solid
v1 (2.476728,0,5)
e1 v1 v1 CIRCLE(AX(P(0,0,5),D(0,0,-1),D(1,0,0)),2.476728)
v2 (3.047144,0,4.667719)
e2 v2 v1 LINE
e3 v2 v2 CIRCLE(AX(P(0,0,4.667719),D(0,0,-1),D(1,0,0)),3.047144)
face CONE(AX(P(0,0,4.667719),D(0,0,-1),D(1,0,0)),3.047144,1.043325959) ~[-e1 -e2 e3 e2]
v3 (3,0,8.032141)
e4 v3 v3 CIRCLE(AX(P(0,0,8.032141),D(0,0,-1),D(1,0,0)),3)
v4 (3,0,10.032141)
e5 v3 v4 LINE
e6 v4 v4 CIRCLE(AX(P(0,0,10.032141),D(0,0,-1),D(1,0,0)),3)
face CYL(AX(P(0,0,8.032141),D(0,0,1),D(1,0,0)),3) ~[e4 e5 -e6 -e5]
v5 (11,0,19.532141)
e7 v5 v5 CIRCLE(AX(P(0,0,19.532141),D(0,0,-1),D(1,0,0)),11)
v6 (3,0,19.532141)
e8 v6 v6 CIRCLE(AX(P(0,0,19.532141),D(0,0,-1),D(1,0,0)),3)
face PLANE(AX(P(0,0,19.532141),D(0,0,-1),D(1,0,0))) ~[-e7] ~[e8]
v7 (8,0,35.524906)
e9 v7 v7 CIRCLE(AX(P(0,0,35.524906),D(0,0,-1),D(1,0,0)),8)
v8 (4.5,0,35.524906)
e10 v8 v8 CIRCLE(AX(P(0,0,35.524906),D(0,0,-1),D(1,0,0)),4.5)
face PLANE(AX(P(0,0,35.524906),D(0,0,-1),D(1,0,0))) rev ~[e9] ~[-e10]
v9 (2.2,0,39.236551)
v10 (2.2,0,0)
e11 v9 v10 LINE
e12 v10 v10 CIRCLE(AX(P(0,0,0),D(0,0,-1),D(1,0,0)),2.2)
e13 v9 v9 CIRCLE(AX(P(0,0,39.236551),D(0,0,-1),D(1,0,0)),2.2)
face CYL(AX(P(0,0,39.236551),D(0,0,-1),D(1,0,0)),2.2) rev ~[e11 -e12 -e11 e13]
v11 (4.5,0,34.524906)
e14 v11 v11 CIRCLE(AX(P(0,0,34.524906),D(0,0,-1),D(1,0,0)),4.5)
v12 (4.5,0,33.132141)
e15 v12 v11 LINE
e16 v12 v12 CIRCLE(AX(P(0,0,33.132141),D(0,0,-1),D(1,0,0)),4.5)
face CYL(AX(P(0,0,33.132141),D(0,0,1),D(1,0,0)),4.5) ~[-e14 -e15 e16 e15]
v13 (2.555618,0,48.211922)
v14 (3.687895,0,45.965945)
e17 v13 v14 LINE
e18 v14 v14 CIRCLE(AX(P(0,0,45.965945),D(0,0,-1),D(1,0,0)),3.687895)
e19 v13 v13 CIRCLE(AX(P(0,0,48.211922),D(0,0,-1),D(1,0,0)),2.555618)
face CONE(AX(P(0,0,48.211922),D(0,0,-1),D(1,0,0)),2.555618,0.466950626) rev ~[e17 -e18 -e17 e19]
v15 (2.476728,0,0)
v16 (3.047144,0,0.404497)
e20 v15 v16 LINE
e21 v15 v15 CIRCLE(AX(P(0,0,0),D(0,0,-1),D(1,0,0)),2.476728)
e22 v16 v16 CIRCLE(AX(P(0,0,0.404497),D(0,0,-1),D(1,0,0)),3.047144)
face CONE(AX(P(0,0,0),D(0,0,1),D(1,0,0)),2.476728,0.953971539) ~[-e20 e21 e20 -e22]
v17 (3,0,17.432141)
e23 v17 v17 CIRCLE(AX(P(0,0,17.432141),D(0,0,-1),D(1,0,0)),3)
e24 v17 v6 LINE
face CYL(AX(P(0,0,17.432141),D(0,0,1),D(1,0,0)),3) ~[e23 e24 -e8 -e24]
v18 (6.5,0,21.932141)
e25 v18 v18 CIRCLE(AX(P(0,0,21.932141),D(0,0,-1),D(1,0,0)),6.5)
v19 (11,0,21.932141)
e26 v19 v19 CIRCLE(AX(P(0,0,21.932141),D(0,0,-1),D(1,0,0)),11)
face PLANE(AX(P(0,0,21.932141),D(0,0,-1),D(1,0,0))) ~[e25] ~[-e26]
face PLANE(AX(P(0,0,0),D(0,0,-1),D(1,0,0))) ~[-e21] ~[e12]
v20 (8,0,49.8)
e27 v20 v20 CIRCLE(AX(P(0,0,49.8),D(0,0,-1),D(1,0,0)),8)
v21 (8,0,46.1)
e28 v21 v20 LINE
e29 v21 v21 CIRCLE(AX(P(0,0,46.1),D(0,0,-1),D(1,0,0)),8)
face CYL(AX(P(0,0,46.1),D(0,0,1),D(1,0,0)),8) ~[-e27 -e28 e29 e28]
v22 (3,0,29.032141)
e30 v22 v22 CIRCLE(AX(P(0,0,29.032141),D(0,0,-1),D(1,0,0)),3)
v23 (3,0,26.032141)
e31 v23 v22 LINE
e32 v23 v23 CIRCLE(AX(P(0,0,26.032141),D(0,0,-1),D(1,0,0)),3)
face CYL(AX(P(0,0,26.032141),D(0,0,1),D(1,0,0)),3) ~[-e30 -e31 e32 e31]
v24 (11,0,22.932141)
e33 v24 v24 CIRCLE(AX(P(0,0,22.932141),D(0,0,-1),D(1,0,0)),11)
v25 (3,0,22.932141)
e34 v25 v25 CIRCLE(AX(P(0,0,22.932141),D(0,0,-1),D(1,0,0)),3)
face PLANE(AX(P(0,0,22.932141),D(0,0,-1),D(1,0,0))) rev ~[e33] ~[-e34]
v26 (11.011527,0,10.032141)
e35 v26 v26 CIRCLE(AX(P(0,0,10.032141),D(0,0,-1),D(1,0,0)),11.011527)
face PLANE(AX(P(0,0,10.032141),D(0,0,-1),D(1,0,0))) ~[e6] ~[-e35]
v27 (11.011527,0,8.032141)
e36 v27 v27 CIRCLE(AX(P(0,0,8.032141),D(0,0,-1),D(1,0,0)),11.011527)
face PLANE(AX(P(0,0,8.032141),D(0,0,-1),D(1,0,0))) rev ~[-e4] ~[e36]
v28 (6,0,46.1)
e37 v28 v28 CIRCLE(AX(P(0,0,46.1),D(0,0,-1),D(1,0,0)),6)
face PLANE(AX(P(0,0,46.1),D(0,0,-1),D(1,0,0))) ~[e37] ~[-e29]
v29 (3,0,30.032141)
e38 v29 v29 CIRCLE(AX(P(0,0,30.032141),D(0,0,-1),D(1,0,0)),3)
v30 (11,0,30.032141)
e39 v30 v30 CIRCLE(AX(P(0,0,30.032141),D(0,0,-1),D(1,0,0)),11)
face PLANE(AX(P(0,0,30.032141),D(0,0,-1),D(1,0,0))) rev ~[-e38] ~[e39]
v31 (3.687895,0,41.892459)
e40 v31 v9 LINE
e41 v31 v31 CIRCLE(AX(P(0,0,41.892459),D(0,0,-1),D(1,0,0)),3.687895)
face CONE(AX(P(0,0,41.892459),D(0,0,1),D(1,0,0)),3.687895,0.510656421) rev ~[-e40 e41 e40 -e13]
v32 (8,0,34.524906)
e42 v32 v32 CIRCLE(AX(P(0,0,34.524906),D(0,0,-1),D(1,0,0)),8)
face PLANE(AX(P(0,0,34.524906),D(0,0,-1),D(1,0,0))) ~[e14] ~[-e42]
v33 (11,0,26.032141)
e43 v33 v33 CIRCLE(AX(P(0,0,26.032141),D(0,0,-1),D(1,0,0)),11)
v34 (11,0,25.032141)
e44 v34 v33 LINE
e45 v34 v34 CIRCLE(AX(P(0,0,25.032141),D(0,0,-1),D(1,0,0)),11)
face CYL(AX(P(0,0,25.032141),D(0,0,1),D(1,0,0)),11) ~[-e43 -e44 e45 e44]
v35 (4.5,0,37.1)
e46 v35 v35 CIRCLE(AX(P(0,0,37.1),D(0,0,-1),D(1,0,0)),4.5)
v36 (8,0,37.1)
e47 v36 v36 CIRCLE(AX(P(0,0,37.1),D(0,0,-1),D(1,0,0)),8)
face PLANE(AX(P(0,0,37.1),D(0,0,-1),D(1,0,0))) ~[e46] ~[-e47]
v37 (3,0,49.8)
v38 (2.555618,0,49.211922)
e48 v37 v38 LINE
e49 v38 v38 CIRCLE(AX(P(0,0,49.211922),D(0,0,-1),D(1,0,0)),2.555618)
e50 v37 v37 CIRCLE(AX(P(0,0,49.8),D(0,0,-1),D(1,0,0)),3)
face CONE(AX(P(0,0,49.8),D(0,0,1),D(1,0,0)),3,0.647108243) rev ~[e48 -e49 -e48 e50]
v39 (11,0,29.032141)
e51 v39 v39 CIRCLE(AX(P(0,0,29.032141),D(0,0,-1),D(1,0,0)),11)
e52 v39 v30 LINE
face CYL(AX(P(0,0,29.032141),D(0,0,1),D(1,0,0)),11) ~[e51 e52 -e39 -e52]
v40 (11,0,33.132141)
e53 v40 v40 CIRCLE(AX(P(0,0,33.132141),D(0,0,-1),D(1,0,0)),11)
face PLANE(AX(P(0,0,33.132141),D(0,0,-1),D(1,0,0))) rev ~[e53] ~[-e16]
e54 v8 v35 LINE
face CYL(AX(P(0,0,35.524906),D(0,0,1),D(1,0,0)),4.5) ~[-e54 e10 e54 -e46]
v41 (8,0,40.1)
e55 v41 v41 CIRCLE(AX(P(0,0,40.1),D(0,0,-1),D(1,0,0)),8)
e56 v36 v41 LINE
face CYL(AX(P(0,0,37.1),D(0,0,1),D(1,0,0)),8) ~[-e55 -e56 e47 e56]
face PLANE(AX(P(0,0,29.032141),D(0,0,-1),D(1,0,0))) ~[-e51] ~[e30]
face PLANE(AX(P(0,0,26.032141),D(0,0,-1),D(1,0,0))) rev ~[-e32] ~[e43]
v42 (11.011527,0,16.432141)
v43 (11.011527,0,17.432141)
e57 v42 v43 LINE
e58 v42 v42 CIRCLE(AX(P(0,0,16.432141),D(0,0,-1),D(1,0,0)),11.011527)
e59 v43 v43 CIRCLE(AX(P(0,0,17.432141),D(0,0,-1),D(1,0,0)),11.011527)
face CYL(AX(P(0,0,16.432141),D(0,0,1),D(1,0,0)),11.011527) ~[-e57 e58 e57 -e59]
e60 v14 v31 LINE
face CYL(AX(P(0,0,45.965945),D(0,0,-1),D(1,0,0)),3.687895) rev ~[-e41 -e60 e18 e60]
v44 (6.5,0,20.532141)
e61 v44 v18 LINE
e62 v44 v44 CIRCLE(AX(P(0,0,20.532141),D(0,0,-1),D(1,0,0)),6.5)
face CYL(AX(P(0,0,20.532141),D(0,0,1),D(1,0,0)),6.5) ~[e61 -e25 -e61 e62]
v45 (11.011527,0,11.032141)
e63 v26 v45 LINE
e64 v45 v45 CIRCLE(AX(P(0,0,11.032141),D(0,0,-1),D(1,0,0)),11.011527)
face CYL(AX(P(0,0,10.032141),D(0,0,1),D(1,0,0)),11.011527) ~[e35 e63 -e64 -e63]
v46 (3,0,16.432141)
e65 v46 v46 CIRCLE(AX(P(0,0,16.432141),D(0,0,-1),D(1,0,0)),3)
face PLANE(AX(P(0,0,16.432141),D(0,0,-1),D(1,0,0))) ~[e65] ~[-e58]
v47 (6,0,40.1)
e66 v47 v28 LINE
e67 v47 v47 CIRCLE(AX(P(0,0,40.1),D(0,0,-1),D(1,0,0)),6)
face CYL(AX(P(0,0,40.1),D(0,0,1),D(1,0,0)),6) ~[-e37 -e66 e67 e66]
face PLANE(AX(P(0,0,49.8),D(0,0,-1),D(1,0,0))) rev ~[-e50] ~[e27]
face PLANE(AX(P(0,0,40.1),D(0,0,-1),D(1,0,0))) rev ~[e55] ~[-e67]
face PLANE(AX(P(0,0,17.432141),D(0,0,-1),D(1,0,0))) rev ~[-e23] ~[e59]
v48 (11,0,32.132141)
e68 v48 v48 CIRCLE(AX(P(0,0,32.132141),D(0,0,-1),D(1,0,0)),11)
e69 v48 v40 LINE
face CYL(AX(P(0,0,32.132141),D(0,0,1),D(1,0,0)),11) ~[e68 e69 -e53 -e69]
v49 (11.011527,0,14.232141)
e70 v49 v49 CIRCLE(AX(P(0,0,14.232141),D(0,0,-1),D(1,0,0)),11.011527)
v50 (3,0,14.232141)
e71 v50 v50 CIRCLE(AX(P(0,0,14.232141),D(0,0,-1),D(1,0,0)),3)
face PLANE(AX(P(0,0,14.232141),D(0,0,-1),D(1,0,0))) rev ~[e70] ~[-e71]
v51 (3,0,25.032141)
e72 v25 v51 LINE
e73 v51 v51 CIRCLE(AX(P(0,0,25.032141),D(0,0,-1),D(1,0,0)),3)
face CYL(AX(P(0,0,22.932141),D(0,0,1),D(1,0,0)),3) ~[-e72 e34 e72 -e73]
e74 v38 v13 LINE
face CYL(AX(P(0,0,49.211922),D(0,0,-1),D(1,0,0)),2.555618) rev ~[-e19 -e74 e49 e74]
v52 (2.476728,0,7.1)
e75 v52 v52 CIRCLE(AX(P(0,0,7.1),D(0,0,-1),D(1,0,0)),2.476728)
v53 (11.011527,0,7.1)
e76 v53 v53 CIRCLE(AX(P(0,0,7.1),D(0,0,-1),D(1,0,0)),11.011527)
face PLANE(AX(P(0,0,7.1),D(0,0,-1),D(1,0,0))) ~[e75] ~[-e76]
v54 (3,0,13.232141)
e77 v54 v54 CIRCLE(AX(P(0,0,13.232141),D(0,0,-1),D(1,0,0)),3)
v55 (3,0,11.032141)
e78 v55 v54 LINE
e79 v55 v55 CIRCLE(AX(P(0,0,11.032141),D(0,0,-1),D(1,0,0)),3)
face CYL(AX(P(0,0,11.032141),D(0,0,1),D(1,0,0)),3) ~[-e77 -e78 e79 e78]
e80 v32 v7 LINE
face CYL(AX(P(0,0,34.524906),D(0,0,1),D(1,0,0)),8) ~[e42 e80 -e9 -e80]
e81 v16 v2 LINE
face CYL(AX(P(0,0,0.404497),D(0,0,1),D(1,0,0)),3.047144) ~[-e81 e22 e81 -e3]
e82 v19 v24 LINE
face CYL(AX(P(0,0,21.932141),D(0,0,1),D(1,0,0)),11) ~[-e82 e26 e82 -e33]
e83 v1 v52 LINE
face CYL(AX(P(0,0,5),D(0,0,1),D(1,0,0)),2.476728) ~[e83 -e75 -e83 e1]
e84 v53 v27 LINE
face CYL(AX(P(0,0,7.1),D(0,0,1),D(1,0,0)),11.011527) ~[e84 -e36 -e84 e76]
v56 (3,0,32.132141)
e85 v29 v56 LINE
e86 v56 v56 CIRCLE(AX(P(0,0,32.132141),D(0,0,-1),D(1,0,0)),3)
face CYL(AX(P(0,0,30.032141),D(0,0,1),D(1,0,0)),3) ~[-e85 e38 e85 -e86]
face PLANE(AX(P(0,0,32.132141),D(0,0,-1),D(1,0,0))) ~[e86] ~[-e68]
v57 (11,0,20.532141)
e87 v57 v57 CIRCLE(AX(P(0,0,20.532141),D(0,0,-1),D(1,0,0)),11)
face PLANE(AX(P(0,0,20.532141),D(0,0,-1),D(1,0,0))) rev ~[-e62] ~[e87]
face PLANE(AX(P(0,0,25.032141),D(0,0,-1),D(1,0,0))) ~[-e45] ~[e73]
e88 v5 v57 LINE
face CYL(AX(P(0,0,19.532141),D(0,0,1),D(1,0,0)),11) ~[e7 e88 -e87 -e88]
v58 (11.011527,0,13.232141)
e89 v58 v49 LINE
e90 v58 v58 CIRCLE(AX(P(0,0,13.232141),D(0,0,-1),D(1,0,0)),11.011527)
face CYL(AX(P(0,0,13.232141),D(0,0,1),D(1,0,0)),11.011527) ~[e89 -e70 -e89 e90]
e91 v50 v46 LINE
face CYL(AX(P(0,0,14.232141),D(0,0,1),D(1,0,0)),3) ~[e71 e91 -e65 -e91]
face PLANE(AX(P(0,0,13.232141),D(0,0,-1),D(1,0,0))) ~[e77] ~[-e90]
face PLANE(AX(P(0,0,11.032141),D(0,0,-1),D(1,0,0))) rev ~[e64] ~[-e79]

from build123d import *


with BuildPart() as f1:
    # F0 (on Front) → F1 (revolve)
    with BuildSketch(Plane.XZ):
        Polygon((8, 49.8), (3, 49.8), (2.555618, 49.211922), (2.555618, 48.211922), (3.687895, 45.965945), (3.687895, 41.892459), (2.2, 39.236551), (2.2, 7.1), (2.2, 0), (2.476728, 0), (3.047144, 0.404497), (3.047144, 4.667719), (2.476728, 5), (2.476728, 7.1), (11.011527, 7.1), (11.011527, 8.032141), (3, 8.032141), (3, 10.032141), (11.011527, 10.032141), (11.011527, 11.032141), (3, 11.032141), (3, 13.232141), (11.011527, 13.232141), (11.011527, 14.232141), (3, 14.232141), (3, 16.432141), (11.011527, 16.432141), (11.011527, 17.432141), (3, 17.432141), (3, 19.532141), (11, 19.532141), (11, 20.532141), (6.5, 20.532141), (6.5, 21.932141), (11, 21.932141), (11, 22.932141), (3, 22.932141), (3, 25.032141), (11, 25.032141), (11, 26.032141), (3, 26.032141), (3, 29.032141), (11, 29.032141), (11, 30.032141), (3, 30.032141), (3, 32.132141), (11, 32.132141), (11, 33.132141), (4.5, 33.132141), (4.5, 34.524906), (8, 34.524906), (8, 35.524906), (4.5, 35.524906), (4.5, 37.1), (8, 37.1), (8, 40.1), (6, 40.1), (6, 46.1), (8, 46.1), align=None)
    revolve(axis=Axis((0, 0, 18.136091), (0, 0, -1)))


solid = f1.part
